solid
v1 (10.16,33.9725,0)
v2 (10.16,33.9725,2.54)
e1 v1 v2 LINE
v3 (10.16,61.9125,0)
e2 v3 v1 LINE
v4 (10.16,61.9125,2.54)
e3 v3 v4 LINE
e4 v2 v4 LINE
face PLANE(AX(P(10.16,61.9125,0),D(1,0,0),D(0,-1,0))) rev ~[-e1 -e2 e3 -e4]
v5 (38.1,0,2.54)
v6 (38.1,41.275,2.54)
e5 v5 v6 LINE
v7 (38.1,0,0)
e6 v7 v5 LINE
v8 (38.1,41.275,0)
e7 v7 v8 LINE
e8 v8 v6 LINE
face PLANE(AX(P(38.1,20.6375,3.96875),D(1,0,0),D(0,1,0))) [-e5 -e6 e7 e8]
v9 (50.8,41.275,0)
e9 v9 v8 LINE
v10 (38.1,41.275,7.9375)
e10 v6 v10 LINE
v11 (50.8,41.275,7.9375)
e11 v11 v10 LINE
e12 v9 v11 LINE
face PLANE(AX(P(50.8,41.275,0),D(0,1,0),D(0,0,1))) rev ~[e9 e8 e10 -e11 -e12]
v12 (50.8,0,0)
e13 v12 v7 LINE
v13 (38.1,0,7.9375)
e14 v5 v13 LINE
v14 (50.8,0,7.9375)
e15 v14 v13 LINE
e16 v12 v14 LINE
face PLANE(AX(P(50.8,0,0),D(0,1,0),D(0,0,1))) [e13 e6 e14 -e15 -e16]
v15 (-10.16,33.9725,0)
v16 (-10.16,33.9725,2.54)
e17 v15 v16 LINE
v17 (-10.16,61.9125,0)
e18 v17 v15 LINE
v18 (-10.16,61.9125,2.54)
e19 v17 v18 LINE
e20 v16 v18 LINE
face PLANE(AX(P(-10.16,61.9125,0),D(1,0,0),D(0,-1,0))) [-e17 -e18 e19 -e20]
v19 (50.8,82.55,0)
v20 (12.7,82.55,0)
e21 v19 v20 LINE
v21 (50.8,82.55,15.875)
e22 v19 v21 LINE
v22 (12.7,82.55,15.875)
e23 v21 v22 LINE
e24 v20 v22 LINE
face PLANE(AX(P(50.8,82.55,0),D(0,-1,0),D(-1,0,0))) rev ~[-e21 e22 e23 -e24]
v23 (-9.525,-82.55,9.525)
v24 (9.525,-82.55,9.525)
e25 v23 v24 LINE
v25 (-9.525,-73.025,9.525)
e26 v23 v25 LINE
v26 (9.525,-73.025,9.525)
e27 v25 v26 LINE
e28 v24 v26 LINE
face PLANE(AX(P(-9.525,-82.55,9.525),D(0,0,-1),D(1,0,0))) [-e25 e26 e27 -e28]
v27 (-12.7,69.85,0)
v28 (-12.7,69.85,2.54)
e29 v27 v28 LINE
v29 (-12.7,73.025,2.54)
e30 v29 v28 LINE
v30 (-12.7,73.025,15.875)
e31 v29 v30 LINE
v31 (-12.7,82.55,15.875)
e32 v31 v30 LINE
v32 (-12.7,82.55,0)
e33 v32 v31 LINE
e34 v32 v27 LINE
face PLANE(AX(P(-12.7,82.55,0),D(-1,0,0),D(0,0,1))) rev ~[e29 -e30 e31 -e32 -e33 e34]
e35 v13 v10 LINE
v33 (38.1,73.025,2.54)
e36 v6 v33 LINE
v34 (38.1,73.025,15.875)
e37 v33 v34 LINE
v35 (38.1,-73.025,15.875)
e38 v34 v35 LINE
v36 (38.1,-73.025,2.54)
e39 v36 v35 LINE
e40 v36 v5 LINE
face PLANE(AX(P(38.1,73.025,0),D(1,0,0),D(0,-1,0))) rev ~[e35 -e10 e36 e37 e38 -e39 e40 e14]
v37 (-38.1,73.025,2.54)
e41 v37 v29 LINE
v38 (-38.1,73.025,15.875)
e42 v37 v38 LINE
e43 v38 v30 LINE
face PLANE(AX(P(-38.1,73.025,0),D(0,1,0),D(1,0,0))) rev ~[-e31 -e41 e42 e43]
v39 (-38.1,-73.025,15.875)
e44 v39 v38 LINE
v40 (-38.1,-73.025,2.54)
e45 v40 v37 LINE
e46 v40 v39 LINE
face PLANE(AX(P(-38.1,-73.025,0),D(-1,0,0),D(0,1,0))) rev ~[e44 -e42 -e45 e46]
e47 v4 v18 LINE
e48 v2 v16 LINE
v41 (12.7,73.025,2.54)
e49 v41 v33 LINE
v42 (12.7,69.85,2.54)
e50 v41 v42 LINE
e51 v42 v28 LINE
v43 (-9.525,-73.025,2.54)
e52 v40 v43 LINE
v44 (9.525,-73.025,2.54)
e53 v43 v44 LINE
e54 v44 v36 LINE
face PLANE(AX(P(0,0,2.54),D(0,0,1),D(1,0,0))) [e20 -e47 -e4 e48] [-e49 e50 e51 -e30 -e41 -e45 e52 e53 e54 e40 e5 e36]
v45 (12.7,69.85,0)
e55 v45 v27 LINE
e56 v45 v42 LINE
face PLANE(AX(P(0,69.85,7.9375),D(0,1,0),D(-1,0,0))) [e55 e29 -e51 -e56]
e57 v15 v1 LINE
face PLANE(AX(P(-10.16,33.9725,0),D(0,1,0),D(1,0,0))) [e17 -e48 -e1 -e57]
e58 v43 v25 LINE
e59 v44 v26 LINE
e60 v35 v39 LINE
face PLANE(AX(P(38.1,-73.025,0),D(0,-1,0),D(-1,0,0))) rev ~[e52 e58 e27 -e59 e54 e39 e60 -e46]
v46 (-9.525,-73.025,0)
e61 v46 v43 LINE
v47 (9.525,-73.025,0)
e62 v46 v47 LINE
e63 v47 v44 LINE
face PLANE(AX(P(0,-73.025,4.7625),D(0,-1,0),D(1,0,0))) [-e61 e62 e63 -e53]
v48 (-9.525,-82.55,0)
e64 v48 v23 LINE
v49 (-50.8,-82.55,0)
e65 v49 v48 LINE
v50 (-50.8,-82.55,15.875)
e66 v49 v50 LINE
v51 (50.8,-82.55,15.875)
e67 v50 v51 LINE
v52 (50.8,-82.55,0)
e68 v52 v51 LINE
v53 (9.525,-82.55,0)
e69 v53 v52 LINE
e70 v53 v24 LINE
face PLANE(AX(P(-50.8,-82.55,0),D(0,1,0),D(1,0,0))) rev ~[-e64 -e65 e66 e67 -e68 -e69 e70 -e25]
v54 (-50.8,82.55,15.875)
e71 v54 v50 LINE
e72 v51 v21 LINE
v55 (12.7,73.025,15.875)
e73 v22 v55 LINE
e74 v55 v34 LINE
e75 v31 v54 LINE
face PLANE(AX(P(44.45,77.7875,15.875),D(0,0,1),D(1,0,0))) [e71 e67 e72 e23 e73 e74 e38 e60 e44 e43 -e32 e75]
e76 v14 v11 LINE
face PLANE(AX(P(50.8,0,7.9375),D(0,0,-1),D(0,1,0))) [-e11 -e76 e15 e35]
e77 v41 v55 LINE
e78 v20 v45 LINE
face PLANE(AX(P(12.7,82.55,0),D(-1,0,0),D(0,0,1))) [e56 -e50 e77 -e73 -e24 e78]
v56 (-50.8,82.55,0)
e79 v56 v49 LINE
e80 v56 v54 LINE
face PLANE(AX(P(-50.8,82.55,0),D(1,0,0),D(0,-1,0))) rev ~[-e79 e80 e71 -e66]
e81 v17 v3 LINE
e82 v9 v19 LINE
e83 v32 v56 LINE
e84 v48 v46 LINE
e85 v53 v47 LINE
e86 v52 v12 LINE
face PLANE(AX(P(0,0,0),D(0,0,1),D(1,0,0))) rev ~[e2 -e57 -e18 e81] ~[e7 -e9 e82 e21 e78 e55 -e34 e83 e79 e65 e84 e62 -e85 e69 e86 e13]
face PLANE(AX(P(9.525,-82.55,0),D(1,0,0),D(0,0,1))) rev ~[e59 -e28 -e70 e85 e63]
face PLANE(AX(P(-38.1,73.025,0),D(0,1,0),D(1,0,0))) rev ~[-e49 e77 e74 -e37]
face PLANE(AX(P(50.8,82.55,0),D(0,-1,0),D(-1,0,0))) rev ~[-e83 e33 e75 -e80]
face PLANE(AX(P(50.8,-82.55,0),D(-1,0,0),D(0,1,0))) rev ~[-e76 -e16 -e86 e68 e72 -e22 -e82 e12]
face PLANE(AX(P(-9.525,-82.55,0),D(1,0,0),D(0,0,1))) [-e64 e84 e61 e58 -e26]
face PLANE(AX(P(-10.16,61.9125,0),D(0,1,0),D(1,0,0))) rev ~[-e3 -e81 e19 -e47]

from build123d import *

# Parameters (mm, degrees)
F0_W      = 12.7
F0_H      = 9.525
F0_W_2    = 76.2
F0_H_2    = 146.05
F1_DEPTH  = 15.875
F2_DEPTH  = 2.54
F3_W      = 19.05
F3_H      = 9.525
F4_DEPTH  = 9.525
F5_W      = 41.275
F5_H      = 7.9375
F6_DEPTH  = 12.7
F7_W      = 20.32
F7_H      = 27.94
F8_DEPTH  = 25.4
F9_W      = 25.4
F9_H      = 15.875
F10_DEPTH = 12.7


with BuildPart() as f1:
    # F0 (on Top) → F1 (new body)
    with BuildSketch(Plane.XY):
        with Locations((44.45, 77.7875)):
            Rectangle(F0_W, F0_H)
        with Locations((-44.45, 77.7875)):
            Rectangle(F0_W, F0_H)
        with Locations((44.45, -77.7875)):
            Rectangle(F0_W, F0_H)
        with Locations((0, -77.7875)):
            Rectangle(F0_W_2, F0_H)
        with Locations((44.45, 0)):
            Rectangle(F0_W, F0_H_2)
        with Locations((-44.45, -77.7875)):
            Rectangle(F0_W, F0_H)
        with Locations((-44.45, 0)):
            Rectangle(F0_W, F0_H_2)
        with Locations((0, 77.7875)):
            Rectangle(F0_W_2, F0_H)
    extrude(amount=F1_DEPTH)

    # F0 (on Top) → F2 (join)
    with BuildSketch(Plane.XY):
        Rectangle(F0_W_2, F0_H_2)
    extrude(amount=F2_DEPTH)

    # F3 (on face) → F4 (cut)
    with BuildSketch(Plane.XZ.offset(82.55)):
        with Locations((0, 4.7625)):
            Rectangle(F3_W, F3_H)
    extrude(amount=-F4_DEPTH, mode=Mode.SUBTRACT)

    # F5 (on face) → F6 (cut)
    with BuildSketch(Plane.YZ.offset(50.8)):
        with Locations((20.6375, 3.96875)):
            Rectangle(F5_W, F5_H)
    extrude(amount=-F6_DEPTH, mode=Mode.SUBTRACT)

    # F7 (on face) → F8 (cut)
    with BuildSketch(Plane(origin=(0, 0, 0), x_dir=(1, 0, 0), z_dir=(0, 0, -1))):
        with Locations((0, -47.9425)):
            Rectangle(F7_W, F7_H)
    extrude(amount=-F8_DEPTH, mode=Mode.SUBTRACT)

    # F9 (on face) → F10 (cut)
    with BuildSketch(Plane(origin=(0, 82.55, 0), x_dir=(-1, 0, 0), z_dir=(0, 1, 0))):
        with Locations((0, 7.9375)):
            Rectangle(F9_W, F9_H)
    extrude(amount=-F10_DEPTH, mode=Mode.SUBTRACT)


solid = f1.part
